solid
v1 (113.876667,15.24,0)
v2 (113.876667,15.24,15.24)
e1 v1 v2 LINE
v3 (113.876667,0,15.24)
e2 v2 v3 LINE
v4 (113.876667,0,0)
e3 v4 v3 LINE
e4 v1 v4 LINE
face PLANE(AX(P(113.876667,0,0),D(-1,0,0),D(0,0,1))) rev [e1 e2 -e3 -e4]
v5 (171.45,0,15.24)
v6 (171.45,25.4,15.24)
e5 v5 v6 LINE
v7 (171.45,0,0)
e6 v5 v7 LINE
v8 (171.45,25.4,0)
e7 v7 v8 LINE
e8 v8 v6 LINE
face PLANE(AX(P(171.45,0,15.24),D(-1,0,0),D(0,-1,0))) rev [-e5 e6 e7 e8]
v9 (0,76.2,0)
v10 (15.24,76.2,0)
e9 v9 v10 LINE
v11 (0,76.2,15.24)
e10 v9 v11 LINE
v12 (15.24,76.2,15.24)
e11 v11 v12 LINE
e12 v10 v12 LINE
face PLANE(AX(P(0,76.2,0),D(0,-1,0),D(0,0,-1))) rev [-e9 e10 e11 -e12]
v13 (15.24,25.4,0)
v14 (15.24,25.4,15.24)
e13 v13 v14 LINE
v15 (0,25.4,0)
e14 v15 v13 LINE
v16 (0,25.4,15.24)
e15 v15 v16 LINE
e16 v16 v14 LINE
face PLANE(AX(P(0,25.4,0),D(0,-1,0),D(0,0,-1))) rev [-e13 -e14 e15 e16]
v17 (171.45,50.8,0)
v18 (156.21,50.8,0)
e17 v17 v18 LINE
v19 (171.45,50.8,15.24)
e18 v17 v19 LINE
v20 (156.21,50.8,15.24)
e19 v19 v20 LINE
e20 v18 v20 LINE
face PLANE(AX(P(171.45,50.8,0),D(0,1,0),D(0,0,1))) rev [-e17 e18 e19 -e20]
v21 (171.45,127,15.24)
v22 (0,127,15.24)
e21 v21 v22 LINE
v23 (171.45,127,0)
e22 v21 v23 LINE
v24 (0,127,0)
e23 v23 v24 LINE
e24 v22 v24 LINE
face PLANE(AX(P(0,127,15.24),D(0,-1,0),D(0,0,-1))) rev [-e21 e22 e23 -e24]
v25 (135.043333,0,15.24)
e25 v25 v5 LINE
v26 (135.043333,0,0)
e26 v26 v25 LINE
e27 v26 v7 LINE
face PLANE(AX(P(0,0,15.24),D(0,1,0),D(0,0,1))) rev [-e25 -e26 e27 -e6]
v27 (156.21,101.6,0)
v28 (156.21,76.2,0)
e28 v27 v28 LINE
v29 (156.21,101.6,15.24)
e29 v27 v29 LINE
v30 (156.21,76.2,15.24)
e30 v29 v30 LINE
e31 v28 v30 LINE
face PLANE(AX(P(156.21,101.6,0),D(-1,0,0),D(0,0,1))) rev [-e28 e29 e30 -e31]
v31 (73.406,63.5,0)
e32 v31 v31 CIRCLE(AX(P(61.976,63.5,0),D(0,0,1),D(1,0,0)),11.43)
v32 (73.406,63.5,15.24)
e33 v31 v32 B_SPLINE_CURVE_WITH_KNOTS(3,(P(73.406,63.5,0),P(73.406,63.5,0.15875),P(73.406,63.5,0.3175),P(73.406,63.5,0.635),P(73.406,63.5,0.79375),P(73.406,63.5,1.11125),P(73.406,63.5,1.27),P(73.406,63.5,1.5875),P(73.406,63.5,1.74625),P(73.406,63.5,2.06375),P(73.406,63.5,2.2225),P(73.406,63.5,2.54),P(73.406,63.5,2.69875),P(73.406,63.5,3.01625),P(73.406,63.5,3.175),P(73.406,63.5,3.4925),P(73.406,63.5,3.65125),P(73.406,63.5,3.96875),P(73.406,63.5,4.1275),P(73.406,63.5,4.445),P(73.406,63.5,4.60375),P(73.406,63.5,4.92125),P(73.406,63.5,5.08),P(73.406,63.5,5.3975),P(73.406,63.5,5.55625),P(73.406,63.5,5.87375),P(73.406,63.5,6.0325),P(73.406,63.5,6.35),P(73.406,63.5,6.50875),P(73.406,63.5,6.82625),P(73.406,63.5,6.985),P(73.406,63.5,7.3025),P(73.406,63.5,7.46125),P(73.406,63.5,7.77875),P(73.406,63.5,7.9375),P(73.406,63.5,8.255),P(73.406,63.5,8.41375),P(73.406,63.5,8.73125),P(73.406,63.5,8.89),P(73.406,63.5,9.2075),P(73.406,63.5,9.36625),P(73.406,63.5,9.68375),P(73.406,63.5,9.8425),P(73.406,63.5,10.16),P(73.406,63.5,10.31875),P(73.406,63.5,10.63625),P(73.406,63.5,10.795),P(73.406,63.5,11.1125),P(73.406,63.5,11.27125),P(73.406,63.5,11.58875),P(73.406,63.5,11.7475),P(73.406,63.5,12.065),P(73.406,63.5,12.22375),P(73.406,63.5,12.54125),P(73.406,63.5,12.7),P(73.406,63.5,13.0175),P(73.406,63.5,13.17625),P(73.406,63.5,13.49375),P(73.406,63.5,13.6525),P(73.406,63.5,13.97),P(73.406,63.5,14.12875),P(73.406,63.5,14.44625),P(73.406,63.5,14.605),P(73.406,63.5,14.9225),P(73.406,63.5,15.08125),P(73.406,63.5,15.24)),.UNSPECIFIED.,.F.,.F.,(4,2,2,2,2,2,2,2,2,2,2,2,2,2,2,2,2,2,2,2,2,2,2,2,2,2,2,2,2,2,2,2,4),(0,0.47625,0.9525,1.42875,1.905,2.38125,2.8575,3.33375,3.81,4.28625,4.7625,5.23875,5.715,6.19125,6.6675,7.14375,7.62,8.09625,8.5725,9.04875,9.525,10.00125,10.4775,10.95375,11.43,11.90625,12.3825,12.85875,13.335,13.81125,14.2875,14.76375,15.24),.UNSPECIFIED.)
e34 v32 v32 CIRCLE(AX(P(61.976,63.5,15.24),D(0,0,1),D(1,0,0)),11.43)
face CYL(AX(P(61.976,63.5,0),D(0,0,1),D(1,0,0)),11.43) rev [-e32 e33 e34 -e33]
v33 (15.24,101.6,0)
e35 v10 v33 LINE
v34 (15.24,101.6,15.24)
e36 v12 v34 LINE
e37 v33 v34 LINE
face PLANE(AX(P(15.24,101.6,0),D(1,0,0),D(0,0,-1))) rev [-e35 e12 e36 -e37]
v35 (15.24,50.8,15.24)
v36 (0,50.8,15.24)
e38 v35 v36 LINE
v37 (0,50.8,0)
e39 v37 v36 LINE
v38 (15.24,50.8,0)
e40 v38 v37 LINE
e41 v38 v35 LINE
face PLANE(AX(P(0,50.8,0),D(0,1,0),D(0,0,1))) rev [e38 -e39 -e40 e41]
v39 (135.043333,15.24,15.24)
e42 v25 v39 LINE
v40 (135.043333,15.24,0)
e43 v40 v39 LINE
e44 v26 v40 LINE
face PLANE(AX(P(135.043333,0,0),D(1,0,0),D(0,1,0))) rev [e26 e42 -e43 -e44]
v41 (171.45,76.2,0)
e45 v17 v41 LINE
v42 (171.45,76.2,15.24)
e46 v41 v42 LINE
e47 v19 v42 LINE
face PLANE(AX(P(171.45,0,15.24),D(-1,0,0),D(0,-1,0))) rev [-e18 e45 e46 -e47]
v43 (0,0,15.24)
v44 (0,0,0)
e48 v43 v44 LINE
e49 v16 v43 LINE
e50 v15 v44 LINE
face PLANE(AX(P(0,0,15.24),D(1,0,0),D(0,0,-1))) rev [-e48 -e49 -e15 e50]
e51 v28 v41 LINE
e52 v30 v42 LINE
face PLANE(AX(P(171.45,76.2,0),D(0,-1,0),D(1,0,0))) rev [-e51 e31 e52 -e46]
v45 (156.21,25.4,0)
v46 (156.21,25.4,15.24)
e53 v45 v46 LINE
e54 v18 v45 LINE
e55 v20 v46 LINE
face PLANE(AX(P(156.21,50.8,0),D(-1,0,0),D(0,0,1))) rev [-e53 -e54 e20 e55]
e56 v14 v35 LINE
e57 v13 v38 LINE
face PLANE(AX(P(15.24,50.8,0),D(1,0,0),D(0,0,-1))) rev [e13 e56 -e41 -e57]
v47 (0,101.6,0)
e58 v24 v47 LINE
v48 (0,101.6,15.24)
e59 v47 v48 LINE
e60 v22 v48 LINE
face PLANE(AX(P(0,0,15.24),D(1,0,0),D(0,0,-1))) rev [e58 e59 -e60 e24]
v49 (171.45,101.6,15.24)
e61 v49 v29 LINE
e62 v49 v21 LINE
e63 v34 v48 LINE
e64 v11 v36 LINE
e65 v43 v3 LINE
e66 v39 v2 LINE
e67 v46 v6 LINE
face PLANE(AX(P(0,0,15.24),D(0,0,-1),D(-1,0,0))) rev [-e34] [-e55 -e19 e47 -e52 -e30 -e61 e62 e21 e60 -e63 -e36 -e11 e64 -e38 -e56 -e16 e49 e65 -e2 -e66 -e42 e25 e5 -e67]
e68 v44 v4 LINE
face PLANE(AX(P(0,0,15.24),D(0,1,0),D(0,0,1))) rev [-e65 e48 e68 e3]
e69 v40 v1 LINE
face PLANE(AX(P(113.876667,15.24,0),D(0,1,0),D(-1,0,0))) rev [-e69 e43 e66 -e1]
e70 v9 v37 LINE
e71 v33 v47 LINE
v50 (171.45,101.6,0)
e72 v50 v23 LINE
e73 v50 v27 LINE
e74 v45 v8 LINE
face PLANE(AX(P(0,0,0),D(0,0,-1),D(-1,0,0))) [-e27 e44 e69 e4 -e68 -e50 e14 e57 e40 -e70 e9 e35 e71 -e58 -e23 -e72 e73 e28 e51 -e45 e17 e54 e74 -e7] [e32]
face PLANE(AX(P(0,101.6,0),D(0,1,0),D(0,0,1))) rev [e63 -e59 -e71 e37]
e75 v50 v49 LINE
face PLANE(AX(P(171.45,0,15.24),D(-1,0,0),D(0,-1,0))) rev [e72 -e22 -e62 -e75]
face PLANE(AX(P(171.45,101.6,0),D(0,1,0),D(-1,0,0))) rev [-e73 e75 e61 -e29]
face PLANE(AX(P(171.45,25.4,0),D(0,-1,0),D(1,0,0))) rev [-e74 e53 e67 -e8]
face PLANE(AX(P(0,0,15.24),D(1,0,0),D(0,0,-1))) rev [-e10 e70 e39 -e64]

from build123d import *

# Parameters (mm, degrees)
SKETCH1_W           = 171.45
SKETCH1_H           = 127
BOSS_EXTRUDE1_DEPTH = 15.24
SKETCH5_W           = 15.24
SKETCH5_H           = 25.4
CUT_EXTRUDE1_DEPTH  = 15.24
SKETCH11_R          = 11.43
CUT_EXTRUDE3_DEPTH  = 15.24
SKETCH7_W           = 21.166666666
SKETCH7_H           = 15.24
CUT_EXTRUDE4_DEPTH  = 15.24


with BuildPart() as part:
    # Sketch1 → Boss-Extrude1 (new body)
    with BuildSketch(Plane.XY):
        with Locations((85.725, 63.5)):
            Rectangle(SKETCH1_W, SKETCH1_H)
    extrude(amount=BOSS_EXTRUDE1_DEPTH)

    # Sketch5 → Cut-Extrude1 (cut)
    with BuildSketch(Plane.XY.offset(15.24)):
        with Locations((7.62, 88.9)):
            Rectangle(SKETCH5_W, SKETCH5_H)
        with Locations((7.62, 38.1)):
            Rectangle(SKETCH5_W, SKETCH5_H)
        with Locations((163.83, 88.9)):
            Rectangle(SKETCH5_W, SKETCH5_H)
        with Locations((163.83, 38.1)):
            Rectangle(SKETCH5_W, SKETCH5_H)
    extrude(amount=-CUT_EXTRUDE1_DEPTH, mode=Mode.SUBTRACT)

    # Sketch11 → Cut-Extrude3 (cut)
    with BuildSketch(Plane.XY.offset(15.24)):
        with Locations((61.976, 63.5)):
            Circle(SKETCH11_R)
    extrude(amount=-CUT_EXTRUDE3_DEPTH, mode=Mode.SUBTRACT)

    # Sketch7 → Cut-Extrude4 (cut)
    with BuildSketch(Plane.XY.offset(15.24)):
        with Locations((124.46, 7.62)):
            Rectangle(SKETCH7_W, SKETCH7_H)
    extrude(amount=-CUT_EXTRUDE4_DEPTH, mode=Mode.SUBTRACT)


solid = part.part
